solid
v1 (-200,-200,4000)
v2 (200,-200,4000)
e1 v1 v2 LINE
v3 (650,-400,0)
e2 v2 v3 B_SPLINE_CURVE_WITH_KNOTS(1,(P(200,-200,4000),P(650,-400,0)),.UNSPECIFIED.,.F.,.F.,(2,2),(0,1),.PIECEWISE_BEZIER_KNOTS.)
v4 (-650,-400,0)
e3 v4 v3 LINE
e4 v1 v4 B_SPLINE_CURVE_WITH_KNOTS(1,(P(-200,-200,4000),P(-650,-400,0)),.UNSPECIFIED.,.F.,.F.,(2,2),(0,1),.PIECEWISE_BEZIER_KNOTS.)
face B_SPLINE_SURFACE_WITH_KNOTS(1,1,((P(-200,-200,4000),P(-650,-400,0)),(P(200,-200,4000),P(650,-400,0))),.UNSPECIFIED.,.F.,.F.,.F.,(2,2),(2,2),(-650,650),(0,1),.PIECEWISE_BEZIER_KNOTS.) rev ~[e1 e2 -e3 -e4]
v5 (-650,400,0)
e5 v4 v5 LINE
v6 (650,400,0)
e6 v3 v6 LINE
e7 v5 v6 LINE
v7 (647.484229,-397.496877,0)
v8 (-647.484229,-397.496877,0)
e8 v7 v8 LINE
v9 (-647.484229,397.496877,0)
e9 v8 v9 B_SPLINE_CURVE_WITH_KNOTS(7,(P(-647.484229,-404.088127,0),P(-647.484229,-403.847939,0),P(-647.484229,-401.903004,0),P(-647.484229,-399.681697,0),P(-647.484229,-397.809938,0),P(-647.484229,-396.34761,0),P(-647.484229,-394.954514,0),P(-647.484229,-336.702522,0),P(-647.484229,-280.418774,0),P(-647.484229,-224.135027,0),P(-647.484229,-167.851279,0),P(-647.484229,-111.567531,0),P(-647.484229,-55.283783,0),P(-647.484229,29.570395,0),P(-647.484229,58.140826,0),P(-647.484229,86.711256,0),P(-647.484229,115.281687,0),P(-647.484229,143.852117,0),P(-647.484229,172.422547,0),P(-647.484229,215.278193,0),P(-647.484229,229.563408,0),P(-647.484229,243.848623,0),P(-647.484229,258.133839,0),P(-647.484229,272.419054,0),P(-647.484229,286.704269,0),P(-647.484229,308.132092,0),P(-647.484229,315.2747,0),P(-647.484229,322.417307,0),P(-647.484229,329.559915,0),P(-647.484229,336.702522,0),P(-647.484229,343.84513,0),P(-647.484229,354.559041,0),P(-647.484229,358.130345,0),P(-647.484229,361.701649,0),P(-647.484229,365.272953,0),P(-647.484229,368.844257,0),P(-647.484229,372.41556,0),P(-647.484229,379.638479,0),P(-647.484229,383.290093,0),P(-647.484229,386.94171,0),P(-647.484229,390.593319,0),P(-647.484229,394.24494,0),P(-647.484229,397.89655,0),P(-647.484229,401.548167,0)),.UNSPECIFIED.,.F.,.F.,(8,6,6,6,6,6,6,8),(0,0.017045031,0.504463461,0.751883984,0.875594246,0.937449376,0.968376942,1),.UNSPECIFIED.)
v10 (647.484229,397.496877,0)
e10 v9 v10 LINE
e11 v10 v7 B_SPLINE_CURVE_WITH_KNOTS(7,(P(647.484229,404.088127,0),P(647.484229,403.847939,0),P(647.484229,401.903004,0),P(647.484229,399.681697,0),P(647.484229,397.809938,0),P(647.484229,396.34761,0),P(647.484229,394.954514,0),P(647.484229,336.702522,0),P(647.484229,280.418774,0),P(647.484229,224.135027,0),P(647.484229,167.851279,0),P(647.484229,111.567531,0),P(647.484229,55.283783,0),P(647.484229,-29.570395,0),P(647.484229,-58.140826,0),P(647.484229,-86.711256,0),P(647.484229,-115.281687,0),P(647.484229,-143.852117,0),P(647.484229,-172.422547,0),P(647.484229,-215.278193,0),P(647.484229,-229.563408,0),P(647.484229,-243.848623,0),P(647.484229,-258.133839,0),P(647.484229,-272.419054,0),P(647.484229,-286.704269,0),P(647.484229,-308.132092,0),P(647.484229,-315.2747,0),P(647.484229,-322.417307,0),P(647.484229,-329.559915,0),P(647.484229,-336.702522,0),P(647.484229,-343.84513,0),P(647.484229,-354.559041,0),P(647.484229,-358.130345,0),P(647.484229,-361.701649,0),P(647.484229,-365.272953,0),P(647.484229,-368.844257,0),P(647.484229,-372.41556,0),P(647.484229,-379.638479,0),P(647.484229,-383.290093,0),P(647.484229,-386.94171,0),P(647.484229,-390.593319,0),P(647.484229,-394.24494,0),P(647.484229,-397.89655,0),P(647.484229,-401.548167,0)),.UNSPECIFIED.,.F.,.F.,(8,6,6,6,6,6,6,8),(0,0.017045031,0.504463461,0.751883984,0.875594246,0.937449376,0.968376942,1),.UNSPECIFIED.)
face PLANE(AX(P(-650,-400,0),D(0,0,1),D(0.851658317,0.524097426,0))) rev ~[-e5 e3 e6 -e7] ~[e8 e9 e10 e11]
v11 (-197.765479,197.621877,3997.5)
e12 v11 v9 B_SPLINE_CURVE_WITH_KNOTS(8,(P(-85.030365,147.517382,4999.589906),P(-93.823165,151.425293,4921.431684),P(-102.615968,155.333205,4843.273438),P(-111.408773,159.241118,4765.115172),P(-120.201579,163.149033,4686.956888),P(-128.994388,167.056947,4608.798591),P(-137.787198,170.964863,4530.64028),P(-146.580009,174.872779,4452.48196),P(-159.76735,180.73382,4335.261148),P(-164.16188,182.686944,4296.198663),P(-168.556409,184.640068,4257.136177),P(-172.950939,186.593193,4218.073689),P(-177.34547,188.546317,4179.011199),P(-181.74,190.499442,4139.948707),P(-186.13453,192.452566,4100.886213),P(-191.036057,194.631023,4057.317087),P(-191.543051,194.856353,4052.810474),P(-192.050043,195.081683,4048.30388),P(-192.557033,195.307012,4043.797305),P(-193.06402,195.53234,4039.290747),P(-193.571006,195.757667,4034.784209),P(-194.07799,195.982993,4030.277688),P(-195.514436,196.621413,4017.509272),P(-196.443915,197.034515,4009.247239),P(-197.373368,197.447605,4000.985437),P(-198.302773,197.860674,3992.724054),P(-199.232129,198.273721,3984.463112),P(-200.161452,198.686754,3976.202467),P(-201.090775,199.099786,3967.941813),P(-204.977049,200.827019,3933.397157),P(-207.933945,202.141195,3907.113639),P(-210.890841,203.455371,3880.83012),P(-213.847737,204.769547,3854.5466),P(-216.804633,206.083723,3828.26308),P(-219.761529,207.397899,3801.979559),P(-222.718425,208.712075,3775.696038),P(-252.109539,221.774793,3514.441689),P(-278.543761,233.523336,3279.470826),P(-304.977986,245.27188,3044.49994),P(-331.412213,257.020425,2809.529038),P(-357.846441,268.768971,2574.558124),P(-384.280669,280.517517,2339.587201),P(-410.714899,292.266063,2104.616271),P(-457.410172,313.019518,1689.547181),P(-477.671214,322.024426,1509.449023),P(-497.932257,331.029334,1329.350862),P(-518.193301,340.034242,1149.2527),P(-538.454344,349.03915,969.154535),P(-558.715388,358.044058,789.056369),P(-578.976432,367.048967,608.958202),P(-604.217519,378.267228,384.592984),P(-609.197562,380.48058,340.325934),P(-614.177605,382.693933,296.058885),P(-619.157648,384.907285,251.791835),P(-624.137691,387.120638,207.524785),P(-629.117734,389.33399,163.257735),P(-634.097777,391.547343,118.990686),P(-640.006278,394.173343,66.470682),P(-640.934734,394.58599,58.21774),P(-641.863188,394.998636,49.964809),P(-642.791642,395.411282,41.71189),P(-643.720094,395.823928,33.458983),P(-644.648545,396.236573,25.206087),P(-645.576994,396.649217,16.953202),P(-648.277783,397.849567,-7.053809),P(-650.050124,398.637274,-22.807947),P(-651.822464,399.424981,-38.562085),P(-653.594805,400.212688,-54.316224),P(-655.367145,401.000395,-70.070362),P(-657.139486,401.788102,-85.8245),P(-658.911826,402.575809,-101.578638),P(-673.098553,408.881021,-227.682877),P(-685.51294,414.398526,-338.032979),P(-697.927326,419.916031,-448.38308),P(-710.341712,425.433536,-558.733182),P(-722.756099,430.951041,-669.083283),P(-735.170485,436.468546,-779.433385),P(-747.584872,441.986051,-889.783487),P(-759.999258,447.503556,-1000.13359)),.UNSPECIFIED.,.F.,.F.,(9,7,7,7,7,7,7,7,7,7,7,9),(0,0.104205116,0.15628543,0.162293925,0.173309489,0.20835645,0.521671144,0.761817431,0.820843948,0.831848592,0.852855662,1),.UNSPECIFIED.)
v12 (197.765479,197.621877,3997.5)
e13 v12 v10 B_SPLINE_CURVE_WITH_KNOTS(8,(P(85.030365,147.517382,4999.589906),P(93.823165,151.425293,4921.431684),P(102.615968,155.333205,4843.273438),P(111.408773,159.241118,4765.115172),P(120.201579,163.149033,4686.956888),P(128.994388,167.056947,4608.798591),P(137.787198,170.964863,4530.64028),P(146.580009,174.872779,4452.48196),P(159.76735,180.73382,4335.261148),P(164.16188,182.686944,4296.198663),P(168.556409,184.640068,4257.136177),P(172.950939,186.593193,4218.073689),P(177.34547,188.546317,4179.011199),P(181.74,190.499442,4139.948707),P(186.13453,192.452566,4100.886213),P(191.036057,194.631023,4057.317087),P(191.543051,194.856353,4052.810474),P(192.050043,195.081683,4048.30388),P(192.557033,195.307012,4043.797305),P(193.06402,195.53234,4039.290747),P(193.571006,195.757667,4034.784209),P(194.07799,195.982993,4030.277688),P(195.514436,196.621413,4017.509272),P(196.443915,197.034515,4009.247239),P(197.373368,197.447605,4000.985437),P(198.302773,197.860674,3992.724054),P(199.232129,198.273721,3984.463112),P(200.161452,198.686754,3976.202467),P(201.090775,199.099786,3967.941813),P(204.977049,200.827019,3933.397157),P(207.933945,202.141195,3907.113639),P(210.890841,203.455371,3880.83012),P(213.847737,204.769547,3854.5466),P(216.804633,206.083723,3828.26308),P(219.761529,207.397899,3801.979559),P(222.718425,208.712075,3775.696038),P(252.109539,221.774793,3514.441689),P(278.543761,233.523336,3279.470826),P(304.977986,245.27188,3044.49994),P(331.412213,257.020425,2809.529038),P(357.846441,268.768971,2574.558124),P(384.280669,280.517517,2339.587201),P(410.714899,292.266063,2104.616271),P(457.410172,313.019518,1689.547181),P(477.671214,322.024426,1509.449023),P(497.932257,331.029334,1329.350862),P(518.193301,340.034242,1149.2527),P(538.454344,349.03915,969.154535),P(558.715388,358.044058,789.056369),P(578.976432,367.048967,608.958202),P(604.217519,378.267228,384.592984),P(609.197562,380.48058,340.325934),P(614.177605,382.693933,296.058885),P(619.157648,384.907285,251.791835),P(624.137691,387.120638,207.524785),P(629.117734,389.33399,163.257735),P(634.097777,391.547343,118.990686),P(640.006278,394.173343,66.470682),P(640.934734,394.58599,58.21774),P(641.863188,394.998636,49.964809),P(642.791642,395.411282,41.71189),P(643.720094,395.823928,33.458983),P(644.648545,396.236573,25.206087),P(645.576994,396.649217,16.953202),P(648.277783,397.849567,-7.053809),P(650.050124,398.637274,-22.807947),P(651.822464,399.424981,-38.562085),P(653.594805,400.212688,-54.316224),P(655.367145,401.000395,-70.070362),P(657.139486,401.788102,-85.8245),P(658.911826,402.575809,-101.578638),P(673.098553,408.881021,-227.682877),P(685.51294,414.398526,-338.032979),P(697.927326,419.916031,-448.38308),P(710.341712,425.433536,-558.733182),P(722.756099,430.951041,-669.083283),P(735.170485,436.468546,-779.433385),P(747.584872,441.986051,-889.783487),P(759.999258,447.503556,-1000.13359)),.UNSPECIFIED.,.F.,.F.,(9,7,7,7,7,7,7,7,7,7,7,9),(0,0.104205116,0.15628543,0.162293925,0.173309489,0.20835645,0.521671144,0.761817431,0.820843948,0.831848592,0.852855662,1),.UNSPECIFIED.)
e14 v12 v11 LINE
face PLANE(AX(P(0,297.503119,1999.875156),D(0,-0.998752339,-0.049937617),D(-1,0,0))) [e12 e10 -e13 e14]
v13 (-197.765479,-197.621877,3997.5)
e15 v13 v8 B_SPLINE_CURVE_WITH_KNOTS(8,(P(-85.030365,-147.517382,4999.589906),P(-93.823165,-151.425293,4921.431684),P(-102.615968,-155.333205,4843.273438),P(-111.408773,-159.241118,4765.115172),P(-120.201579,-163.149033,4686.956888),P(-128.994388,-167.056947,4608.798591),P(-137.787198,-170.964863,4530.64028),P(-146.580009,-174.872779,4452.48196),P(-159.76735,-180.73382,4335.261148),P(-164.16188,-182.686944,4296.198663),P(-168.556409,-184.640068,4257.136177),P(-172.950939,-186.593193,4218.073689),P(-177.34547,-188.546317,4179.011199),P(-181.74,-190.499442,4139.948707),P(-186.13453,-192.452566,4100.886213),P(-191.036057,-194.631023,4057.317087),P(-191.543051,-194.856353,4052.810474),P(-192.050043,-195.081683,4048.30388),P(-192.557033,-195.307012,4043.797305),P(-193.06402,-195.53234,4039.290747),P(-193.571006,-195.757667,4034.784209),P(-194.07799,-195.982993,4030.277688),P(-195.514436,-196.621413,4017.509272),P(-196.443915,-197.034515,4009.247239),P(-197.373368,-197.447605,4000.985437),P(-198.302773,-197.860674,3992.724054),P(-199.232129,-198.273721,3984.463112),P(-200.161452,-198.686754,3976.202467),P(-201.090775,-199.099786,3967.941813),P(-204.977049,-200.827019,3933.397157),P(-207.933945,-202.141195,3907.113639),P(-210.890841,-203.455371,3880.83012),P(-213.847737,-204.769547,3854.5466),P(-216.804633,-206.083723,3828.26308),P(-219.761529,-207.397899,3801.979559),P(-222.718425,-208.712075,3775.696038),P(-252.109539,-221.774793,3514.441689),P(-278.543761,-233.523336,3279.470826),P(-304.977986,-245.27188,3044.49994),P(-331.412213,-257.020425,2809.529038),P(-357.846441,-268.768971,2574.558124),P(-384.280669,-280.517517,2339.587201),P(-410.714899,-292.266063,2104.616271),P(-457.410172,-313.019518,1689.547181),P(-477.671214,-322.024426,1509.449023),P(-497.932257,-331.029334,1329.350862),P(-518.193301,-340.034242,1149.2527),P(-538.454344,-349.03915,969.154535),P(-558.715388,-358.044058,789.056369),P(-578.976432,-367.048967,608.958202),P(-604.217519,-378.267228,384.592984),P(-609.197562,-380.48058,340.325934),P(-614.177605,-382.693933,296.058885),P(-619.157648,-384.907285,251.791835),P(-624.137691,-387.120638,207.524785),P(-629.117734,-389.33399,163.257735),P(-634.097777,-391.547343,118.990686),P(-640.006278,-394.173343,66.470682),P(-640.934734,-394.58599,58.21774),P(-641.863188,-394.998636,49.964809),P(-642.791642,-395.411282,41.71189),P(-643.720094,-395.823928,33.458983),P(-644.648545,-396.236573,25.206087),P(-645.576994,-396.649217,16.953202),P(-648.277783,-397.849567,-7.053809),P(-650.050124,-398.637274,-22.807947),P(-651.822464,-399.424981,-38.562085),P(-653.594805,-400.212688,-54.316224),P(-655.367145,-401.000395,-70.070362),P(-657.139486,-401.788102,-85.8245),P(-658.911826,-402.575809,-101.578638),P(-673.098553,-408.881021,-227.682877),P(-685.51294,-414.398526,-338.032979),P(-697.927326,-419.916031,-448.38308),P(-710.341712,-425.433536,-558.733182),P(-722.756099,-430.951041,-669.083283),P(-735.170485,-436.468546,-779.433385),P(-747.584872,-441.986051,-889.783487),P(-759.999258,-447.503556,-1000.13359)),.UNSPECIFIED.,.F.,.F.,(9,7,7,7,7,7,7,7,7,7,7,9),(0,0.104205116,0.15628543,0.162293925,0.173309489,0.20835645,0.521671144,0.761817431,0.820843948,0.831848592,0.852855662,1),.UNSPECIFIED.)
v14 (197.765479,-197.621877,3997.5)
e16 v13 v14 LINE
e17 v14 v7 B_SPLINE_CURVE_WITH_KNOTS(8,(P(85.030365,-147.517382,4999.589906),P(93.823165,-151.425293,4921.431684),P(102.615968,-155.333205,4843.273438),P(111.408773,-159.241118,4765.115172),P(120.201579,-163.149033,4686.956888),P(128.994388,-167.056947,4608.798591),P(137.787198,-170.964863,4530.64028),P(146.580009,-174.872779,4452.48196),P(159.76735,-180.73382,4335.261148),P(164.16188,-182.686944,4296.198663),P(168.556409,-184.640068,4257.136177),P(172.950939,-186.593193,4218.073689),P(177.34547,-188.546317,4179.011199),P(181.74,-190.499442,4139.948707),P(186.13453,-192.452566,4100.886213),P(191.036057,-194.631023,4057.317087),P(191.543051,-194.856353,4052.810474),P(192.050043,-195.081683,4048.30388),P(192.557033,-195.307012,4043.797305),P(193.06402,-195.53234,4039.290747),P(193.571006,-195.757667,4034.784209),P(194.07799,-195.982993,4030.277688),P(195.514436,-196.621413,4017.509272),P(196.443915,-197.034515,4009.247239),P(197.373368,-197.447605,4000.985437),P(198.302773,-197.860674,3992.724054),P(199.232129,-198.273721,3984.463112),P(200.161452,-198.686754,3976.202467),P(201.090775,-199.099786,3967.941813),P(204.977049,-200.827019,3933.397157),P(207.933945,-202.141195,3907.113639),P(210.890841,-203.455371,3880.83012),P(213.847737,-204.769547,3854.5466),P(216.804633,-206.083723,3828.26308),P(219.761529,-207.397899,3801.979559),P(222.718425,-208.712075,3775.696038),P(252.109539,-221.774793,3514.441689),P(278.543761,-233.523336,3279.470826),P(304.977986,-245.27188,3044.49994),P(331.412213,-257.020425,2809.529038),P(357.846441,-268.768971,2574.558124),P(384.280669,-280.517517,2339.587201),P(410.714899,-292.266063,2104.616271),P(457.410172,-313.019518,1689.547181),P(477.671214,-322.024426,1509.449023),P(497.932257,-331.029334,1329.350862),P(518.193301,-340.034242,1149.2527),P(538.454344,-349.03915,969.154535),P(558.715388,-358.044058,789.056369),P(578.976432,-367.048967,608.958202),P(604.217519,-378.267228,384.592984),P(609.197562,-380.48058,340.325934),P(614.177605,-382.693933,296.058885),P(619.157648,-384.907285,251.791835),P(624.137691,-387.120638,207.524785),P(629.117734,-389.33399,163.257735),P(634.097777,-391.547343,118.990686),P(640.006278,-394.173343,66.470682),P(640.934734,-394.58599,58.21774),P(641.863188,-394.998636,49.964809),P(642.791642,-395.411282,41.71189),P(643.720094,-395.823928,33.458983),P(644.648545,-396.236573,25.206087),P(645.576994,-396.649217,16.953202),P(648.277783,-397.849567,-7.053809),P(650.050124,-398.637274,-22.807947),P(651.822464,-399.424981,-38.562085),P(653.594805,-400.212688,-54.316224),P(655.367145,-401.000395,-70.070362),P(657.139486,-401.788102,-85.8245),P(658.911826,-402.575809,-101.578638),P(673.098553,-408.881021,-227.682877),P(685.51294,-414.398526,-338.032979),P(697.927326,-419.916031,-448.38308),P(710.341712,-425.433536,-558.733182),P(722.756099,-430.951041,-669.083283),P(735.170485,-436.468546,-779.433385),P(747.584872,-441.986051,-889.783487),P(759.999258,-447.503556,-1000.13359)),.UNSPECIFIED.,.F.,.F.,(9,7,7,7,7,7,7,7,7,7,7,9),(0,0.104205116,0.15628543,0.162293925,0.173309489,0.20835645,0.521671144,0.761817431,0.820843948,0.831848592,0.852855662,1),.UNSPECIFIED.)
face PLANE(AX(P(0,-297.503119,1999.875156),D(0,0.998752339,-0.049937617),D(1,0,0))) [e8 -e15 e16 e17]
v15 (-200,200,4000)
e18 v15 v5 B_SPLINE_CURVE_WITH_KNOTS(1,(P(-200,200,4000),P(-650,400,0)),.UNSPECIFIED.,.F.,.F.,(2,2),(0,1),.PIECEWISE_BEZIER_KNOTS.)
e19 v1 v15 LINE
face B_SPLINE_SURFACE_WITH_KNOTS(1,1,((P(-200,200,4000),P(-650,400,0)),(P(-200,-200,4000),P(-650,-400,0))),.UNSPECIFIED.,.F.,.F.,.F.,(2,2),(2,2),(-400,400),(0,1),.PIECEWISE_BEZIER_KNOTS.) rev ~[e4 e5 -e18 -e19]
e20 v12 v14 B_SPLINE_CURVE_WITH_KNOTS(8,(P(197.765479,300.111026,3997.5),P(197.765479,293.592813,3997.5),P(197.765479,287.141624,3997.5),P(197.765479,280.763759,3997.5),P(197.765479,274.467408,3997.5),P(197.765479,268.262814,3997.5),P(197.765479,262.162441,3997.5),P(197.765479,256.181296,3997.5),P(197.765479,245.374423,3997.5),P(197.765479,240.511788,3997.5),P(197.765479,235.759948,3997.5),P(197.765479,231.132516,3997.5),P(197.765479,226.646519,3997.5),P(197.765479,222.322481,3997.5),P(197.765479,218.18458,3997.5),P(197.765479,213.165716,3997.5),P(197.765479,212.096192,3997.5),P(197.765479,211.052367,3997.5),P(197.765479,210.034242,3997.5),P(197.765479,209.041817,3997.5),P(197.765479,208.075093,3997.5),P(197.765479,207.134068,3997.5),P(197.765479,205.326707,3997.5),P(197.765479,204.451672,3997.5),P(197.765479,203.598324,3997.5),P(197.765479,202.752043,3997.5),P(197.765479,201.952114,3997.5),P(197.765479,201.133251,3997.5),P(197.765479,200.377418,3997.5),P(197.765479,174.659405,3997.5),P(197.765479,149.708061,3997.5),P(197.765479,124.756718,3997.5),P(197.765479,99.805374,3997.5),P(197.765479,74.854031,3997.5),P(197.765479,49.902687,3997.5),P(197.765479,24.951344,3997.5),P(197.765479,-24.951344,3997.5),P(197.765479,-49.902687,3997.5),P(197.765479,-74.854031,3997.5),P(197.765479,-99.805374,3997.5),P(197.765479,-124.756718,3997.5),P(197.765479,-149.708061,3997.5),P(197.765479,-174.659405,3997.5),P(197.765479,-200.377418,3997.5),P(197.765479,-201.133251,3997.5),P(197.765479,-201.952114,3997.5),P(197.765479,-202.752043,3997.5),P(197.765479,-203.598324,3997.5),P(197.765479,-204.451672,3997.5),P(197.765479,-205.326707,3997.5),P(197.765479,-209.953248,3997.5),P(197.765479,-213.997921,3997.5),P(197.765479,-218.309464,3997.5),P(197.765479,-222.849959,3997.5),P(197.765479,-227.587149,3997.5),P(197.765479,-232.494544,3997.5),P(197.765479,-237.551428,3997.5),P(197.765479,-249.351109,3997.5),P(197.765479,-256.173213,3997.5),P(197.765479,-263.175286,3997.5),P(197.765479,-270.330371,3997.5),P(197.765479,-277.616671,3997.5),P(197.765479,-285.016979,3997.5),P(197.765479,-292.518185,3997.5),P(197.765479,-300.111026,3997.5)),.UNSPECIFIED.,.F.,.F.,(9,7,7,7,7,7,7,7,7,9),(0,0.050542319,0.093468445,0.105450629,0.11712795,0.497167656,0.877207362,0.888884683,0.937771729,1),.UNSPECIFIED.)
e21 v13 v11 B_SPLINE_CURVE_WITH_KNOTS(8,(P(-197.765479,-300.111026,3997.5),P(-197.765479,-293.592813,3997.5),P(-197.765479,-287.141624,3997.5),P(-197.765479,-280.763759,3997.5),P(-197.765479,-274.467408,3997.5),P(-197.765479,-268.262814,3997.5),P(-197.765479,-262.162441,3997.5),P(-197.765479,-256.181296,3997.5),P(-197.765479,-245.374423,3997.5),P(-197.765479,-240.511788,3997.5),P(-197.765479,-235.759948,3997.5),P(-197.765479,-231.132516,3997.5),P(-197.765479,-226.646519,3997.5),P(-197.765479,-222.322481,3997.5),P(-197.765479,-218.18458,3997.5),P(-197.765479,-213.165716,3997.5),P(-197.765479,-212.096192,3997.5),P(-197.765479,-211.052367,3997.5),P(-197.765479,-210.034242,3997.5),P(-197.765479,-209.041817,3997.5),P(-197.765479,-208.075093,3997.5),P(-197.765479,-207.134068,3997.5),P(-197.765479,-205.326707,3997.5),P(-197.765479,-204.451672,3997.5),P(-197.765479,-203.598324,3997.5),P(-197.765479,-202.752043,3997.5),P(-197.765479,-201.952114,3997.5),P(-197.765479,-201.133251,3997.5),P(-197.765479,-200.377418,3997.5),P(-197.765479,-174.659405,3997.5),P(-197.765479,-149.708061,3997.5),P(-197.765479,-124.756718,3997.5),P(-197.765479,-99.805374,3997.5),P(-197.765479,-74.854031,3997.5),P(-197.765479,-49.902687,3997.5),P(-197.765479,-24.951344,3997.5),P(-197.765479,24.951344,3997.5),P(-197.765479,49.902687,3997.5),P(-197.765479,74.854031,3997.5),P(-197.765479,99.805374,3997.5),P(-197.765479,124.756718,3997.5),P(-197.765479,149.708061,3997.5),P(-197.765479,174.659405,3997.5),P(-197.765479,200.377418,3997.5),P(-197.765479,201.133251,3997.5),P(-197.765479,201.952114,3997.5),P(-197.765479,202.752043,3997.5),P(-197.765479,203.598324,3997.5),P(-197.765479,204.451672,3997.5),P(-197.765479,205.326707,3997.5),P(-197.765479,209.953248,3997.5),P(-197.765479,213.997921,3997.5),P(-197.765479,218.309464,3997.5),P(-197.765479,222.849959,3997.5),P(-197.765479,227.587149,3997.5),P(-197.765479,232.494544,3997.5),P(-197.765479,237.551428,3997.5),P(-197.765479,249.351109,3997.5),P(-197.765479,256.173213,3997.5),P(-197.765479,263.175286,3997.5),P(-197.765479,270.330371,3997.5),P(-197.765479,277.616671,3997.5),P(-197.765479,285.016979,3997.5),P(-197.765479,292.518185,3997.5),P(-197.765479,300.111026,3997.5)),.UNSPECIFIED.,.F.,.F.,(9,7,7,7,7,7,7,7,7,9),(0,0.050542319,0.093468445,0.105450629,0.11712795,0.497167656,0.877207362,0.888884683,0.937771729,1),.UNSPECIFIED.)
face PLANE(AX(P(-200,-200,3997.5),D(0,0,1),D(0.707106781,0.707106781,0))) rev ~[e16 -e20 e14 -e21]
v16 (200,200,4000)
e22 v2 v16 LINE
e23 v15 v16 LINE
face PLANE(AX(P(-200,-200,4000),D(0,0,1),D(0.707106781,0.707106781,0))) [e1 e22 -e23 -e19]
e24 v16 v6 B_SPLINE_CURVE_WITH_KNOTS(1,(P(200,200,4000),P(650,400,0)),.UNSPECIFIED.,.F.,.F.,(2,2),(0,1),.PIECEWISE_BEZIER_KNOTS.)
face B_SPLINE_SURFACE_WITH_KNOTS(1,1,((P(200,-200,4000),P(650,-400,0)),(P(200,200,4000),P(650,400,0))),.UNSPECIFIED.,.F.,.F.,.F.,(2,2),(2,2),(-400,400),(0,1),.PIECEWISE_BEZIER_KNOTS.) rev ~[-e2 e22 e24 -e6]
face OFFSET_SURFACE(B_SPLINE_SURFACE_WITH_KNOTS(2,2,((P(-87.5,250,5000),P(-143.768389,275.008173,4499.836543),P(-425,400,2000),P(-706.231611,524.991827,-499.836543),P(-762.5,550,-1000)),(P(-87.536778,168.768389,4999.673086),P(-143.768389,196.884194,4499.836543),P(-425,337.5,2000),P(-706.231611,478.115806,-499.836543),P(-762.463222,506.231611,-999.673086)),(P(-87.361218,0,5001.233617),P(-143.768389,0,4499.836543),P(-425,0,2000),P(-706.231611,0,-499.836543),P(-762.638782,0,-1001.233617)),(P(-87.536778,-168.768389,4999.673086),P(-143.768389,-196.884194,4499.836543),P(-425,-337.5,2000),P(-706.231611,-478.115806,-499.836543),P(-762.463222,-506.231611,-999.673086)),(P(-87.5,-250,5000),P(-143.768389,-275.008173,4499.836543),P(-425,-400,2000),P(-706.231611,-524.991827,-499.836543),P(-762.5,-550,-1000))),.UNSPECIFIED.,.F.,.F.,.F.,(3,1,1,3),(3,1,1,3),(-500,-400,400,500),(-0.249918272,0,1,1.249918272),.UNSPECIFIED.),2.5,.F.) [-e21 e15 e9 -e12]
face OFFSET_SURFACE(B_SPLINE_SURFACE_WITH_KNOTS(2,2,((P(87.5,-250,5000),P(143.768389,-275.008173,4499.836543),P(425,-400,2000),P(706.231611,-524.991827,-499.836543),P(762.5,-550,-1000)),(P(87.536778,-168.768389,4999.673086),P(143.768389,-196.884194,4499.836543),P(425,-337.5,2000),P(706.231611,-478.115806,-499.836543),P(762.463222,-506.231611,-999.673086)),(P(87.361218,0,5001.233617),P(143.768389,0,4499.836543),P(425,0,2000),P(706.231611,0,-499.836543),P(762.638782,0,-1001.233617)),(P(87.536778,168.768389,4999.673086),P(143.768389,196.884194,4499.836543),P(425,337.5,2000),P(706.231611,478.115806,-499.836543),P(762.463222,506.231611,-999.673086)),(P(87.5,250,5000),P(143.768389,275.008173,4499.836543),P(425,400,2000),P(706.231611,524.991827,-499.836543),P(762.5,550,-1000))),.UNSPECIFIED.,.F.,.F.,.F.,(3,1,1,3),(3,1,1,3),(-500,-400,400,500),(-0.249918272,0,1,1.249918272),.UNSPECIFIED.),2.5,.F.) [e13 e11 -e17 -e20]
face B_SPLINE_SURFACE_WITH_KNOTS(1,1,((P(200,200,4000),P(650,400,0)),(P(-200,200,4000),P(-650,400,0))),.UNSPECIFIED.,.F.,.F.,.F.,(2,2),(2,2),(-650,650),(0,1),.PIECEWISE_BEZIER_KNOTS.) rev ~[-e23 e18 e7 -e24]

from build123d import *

# Parameters (mm, degrees)
F2_W = 400
F2_H = 400
F0_W = 1300
F0_H = 800
F4_T = -2.5


with BuildPart() as f3:
    # F2 (on offset) → F3 section 0
    with BuildSketch(Plane.XY.offset(4000)):
        Rectangle(F2_W, F2_H)
    # F0 (on Top) → F3 section 1
    with BuildSketch(Plane.XY):
        Rectangle(F0_W, F0_H)
    loft()

    # F4
    f4_openings = [f3.faces().sort_by_distance(p)[0] for p in [
        (0, 0, 0),
    ]]
    offset(amount=F4_T, openings=f4_openings, kind=Kind.INTERSECTION)


solid = f3.part
